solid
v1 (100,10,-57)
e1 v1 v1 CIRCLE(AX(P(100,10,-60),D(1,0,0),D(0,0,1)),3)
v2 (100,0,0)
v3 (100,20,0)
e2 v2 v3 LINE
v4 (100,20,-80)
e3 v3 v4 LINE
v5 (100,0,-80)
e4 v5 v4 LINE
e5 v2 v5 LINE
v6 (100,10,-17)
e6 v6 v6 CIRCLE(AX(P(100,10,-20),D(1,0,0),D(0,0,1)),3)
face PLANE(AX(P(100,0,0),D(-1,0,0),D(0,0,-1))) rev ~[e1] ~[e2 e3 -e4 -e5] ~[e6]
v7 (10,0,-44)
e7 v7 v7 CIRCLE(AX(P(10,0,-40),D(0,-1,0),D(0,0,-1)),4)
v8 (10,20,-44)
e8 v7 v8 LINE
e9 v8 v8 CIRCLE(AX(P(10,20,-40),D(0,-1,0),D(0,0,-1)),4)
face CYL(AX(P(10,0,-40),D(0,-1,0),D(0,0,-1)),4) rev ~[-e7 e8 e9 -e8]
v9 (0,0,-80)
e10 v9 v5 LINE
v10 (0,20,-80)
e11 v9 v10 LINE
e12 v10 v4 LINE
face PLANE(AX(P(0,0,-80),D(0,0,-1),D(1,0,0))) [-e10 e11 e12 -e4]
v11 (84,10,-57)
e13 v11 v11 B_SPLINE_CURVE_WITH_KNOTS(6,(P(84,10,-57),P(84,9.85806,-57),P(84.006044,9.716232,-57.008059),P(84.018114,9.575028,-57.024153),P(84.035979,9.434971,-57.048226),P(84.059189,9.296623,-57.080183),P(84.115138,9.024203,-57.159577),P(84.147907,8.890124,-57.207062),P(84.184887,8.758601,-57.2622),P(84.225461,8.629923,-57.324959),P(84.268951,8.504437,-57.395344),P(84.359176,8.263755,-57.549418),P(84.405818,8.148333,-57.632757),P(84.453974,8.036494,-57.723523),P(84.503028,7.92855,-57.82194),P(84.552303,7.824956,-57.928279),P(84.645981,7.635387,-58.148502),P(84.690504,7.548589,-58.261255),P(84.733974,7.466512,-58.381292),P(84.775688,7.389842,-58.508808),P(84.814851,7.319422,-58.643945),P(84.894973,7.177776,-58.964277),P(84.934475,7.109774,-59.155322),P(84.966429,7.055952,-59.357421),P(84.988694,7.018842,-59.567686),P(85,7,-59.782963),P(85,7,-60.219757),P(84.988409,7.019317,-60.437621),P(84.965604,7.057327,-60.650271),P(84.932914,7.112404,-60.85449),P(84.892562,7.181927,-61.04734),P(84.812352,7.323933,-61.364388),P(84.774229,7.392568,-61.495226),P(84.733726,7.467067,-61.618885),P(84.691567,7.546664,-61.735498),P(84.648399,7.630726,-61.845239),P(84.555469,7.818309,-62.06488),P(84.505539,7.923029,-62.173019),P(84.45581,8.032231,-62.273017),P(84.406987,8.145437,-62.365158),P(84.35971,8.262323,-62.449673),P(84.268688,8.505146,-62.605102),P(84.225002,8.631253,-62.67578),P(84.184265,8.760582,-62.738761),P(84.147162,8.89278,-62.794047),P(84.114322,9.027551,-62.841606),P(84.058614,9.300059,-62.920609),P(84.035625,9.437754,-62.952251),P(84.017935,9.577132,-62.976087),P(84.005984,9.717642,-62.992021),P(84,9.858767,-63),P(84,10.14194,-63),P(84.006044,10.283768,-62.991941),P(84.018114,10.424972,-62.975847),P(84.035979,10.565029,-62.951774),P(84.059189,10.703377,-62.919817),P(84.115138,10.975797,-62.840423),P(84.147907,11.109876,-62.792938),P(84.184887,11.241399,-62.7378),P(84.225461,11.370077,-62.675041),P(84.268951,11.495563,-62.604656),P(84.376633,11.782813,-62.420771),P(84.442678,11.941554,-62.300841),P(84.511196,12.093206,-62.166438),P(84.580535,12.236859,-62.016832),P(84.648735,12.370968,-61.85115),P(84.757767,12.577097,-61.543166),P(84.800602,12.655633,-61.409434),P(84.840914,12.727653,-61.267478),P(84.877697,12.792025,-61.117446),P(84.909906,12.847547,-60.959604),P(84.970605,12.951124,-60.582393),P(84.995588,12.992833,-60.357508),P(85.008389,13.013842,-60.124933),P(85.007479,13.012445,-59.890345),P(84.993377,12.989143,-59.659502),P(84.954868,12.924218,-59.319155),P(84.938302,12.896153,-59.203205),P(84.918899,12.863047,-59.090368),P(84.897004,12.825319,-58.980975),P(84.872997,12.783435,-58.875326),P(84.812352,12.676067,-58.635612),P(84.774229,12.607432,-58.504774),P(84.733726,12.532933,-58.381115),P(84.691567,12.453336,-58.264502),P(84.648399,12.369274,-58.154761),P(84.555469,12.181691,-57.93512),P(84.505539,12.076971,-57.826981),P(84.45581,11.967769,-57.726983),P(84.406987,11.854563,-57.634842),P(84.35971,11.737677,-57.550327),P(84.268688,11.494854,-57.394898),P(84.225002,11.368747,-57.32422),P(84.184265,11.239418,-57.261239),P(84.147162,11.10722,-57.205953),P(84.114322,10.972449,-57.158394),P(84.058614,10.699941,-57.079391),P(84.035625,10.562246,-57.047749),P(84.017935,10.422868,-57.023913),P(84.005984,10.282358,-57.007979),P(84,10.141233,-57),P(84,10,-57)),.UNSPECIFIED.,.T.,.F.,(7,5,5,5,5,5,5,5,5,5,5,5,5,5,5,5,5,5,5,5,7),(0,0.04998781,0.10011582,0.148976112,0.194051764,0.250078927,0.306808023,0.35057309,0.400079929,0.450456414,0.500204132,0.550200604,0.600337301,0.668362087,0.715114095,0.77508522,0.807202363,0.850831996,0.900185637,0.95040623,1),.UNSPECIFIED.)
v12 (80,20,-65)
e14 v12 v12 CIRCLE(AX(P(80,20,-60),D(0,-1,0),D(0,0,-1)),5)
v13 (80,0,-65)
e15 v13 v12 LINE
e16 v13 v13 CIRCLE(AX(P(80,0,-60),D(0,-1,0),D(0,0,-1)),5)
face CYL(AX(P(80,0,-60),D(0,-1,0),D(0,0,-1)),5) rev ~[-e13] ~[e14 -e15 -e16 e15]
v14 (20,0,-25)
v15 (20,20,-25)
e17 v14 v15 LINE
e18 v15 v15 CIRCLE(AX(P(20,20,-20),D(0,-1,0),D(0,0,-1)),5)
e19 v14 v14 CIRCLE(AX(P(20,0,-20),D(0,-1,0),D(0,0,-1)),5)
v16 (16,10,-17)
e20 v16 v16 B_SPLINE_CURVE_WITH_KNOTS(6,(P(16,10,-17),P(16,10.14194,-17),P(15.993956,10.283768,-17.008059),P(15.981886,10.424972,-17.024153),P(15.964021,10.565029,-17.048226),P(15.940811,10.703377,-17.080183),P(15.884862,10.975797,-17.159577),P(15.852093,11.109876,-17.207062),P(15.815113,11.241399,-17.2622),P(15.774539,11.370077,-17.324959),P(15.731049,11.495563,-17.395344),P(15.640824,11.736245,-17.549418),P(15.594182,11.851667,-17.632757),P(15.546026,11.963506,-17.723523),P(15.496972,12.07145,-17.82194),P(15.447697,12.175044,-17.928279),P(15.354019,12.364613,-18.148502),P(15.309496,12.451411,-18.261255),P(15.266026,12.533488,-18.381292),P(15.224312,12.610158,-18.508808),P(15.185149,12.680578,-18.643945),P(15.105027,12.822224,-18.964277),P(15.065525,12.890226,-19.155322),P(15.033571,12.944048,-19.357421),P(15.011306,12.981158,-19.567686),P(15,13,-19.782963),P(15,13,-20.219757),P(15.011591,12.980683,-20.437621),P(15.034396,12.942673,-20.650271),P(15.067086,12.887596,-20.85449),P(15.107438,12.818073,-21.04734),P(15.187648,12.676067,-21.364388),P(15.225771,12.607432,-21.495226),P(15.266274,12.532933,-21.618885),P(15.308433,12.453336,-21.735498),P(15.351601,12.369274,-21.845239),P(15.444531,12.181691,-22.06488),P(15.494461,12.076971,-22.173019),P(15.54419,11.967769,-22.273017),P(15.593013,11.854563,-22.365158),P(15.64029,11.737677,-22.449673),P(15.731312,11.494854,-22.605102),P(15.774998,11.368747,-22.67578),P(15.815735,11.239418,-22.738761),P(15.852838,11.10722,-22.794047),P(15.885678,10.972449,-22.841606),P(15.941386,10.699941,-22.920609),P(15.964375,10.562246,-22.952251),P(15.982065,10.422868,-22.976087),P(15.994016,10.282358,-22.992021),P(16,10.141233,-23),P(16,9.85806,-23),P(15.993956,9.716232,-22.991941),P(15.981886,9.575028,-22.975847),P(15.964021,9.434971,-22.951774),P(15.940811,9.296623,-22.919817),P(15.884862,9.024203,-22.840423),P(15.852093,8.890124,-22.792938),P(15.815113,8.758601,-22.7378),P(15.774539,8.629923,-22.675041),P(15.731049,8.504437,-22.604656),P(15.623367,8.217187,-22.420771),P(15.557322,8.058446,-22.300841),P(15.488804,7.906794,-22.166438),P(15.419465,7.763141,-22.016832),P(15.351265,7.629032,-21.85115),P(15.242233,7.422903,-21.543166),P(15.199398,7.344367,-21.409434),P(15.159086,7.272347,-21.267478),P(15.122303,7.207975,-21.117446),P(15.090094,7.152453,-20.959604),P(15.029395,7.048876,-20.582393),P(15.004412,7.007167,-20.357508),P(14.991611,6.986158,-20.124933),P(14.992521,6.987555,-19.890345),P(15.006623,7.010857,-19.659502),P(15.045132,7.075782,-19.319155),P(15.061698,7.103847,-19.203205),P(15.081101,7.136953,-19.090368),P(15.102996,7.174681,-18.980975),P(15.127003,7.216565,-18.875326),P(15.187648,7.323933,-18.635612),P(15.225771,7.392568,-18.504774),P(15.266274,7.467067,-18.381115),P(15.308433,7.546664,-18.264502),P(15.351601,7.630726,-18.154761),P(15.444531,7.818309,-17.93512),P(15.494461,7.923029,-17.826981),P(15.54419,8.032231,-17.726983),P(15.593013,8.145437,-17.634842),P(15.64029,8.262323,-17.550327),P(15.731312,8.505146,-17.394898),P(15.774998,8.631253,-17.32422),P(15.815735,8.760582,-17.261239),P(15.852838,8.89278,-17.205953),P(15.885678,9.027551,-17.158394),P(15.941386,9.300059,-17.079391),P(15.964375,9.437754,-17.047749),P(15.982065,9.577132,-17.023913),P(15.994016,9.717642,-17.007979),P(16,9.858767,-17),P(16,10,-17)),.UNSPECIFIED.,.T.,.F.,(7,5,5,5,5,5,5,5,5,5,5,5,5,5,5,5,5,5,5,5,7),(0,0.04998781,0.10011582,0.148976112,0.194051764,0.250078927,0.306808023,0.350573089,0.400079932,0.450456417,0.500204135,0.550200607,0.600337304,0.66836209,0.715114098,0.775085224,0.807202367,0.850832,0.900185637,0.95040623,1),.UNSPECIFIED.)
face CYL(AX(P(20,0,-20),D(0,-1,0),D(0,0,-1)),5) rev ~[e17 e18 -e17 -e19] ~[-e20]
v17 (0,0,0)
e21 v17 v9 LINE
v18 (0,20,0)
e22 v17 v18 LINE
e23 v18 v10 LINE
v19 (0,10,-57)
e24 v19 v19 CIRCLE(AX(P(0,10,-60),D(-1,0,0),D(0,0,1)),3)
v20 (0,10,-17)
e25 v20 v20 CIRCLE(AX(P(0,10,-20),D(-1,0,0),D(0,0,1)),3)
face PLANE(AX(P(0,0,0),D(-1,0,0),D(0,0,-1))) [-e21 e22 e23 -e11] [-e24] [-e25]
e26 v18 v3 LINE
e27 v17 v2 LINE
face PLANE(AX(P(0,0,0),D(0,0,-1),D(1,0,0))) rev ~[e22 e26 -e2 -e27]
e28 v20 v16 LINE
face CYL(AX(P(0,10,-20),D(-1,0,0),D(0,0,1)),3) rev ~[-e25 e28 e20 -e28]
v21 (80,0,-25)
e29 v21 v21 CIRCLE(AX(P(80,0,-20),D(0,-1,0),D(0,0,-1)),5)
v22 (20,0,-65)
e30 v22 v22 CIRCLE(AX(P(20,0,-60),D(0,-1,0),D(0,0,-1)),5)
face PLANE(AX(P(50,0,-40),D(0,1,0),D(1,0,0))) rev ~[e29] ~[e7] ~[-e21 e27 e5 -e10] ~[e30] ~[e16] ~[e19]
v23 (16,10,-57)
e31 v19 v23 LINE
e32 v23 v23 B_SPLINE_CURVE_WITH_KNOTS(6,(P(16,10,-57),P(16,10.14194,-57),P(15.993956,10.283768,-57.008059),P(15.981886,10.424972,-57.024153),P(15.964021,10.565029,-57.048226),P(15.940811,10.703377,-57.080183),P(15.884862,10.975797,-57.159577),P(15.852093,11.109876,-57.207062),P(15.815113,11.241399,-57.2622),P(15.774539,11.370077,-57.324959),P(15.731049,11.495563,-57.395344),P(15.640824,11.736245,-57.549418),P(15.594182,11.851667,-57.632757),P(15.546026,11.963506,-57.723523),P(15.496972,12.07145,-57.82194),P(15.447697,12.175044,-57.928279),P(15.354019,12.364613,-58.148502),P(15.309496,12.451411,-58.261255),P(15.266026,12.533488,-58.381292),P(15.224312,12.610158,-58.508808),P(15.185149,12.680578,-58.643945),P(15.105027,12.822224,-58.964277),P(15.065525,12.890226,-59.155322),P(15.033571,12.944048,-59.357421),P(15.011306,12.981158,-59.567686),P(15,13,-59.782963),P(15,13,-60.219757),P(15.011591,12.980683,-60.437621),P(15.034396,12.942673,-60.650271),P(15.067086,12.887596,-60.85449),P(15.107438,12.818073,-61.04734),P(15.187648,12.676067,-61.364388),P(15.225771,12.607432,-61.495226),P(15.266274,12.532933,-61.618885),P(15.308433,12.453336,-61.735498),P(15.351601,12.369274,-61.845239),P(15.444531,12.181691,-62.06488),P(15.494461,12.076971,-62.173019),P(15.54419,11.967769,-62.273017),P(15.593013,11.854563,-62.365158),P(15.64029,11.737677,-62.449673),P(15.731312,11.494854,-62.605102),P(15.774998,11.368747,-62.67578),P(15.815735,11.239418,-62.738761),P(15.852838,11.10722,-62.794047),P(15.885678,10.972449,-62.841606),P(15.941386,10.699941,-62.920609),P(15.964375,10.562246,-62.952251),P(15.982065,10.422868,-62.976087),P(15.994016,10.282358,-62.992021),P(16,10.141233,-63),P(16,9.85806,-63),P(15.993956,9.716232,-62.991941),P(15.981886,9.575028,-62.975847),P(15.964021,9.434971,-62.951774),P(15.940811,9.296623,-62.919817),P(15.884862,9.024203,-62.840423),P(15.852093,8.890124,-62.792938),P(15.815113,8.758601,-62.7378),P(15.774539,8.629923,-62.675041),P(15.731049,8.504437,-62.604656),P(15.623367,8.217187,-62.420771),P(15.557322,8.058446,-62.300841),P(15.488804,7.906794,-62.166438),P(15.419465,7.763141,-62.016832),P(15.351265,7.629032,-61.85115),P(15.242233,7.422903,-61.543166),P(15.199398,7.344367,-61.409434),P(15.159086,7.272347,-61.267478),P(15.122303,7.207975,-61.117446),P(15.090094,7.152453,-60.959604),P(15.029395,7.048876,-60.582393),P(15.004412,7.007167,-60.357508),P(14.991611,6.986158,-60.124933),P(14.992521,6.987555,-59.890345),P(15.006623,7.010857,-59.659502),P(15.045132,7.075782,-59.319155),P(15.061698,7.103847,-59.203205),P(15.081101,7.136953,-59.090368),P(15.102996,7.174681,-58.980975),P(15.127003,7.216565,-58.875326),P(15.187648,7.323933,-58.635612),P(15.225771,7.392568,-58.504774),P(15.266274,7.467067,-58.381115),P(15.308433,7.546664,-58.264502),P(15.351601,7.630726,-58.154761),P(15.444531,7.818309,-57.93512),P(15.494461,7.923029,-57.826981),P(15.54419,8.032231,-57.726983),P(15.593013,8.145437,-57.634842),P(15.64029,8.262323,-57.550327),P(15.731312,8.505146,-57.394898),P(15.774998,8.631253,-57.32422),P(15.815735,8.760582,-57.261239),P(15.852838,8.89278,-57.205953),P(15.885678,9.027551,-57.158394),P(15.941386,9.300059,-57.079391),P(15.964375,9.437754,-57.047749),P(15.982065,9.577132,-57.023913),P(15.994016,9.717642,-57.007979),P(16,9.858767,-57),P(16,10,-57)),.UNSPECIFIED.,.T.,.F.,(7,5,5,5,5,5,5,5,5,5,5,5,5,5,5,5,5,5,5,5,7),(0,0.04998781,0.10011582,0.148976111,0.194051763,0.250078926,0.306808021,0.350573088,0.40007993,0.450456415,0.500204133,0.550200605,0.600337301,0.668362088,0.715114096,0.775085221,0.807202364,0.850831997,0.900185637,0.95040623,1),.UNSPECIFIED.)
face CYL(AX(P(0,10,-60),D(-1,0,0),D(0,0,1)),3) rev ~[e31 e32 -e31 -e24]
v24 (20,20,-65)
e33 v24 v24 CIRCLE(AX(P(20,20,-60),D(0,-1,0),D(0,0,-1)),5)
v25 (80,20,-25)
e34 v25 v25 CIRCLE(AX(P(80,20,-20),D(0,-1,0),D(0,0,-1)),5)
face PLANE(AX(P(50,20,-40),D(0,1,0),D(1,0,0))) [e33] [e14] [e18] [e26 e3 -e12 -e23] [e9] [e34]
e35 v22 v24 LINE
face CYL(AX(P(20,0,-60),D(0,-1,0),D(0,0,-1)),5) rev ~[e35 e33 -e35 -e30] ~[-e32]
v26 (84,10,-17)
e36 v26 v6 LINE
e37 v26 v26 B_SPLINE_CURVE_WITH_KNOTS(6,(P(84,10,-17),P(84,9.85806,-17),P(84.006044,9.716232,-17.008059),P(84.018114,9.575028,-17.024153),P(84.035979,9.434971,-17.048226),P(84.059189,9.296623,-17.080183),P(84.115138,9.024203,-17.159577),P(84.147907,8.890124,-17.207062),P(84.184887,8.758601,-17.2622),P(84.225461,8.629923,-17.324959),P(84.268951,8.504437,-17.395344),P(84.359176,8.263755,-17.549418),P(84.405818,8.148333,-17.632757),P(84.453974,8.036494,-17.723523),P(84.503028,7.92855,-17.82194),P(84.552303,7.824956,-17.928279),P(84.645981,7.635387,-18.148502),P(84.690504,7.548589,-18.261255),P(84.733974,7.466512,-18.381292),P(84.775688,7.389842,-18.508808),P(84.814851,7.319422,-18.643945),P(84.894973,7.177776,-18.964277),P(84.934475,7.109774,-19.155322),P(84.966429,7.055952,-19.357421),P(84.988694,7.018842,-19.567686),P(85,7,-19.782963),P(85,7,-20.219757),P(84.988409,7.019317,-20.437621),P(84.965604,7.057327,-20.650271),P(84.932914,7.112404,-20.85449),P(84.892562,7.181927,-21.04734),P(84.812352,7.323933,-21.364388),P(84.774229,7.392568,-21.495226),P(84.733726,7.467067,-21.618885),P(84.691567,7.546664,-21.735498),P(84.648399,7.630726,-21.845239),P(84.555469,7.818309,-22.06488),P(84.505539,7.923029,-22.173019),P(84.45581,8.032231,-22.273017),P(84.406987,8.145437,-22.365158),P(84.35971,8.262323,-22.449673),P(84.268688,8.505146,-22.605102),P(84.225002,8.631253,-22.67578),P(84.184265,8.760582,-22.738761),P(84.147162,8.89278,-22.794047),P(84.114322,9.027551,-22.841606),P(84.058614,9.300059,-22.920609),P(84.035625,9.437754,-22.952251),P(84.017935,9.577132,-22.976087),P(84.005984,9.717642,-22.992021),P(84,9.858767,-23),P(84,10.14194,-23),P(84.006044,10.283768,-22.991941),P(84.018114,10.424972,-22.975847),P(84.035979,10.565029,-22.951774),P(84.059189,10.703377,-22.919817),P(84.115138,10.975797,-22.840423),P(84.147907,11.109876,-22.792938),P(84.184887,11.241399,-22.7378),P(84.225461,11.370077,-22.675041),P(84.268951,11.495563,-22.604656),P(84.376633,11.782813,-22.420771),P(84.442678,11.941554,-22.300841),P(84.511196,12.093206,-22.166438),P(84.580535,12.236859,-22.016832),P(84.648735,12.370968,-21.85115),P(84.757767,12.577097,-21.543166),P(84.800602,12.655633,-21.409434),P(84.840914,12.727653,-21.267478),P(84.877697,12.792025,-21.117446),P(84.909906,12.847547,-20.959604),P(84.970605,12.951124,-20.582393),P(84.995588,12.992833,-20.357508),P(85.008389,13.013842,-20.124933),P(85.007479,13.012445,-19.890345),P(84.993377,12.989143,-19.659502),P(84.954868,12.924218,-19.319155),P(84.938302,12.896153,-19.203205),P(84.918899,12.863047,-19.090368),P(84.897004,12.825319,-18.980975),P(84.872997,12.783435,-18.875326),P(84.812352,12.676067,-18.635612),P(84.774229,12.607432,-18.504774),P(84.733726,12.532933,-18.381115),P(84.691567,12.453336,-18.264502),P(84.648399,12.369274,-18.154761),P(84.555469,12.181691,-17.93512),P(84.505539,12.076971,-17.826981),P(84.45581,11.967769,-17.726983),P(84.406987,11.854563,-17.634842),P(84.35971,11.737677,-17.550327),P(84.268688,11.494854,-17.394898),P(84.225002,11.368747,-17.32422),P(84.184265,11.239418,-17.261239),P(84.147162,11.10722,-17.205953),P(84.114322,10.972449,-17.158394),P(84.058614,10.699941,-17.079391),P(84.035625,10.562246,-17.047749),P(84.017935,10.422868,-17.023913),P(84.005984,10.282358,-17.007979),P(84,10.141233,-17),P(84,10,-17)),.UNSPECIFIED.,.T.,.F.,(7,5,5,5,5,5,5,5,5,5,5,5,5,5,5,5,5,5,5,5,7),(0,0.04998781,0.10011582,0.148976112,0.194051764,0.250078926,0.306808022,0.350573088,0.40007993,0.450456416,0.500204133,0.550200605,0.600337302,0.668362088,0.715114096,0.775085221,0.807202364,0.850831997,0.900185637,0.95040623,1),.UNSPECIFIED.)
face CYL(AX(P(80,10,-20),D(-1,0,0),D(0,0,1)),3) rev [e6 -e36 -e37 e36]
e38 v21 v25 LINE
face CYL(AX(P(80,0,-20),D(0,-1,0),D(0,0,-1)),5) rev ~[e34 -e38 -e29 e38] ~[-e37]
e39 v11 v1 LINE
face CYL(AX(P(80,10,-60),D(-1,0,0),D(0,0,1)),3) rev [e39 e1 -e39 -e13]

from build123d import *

# Parameters (mm, degrees)
SKETCH_1_W          = 100
SKETCH_1_H          = 80
EXTRUDE_1_DEPTH     = 20
SKETCH_2_R          = 5
SKETCH_2_R_2        = 4
CUT_EXTRUDE_1_DEPTH = 20
SKETCH_3_R          = 3
CUT_EXTRUDE_2_DEPTH = 20
CUT_EXTRUDE_START   = -20
SKETCH_4_R          = 3
CUT_EXTRUDE_3_DEPTH = 20


with BuildPart() as part:
    # Эскиз1 → Бобышка-Вытянуть1 (new body)
    with BuildSketch(Plane(origin=(0, 0, 0), x_dir=(1, 0, 0), z_dir=(0, 1, 0))):
        with Locations((50, 40)):
            Rectangle(SKETCH_1_W, SKETCH_1_H)
    extrude(amount=EXTRUDE_1_DEPTH)

    # Эскиз2 → Вырез-Вытянуть1 (cut)
    with BuildSketch(Plane.XZ):
        with Locations(Location((20, -20, 0), (0, 0, 270))):
            Circle(SKETCH_2_R)
        with Locations(Location((10, -40, 0), (0, 0, 270))):
            Circle(SKETCH_2_R_2)
        with Locations(Location((20, -60, 0), (0, 0, 270))):
            Circle(SKETCH_2_R)
        with Locations(Location((80, -20, 0), (0, 0, 270))):
            Circle(SKETCH_2_R)
        with Locations(Location((80, -60, 0), (0, 0, 270))):
            Circle(SKETCH_2_R)
    extrude(amount=-CUT_EXTRUDE_1_DEPTH, mode=Mode.SUBTRACT)

    # Эскиз3 → Вырез-Вытянуть2 (cut)
    with BuildSketch(Plane.ZY):
        with Locations((-60, 10)):
            Circle(SKETCH_3_R)
        with Locations((-20, 10)):
            Circle(SKETCH_3_R)
    extrude(amount=-CUT_EXTRUDE_2_DEPTH, mode=Mode.SUBTRACT)

    # Эскиз4 → Вырез-Вытянуть3 (cut)
    with BuildSketch(Plane(origin=(100, 0, 0), x_dir=(0, 0, -1), z_dir=(1, 0, 0)).offset(CUT_EXTRUDE_START)):
        with Locations(Location((20, 10, 0), (0, 0, 180))):
            Circle(SKETCH_4_R)
        with Locations(Location((60, 10, 0), (0, 0, 180))):
            Circle(SKETCH_4_R)
    extrude(amount=CUT_EXTRUDE_3_DEPTH, mode=Mode.SUBTRACT)


solid = part.part
